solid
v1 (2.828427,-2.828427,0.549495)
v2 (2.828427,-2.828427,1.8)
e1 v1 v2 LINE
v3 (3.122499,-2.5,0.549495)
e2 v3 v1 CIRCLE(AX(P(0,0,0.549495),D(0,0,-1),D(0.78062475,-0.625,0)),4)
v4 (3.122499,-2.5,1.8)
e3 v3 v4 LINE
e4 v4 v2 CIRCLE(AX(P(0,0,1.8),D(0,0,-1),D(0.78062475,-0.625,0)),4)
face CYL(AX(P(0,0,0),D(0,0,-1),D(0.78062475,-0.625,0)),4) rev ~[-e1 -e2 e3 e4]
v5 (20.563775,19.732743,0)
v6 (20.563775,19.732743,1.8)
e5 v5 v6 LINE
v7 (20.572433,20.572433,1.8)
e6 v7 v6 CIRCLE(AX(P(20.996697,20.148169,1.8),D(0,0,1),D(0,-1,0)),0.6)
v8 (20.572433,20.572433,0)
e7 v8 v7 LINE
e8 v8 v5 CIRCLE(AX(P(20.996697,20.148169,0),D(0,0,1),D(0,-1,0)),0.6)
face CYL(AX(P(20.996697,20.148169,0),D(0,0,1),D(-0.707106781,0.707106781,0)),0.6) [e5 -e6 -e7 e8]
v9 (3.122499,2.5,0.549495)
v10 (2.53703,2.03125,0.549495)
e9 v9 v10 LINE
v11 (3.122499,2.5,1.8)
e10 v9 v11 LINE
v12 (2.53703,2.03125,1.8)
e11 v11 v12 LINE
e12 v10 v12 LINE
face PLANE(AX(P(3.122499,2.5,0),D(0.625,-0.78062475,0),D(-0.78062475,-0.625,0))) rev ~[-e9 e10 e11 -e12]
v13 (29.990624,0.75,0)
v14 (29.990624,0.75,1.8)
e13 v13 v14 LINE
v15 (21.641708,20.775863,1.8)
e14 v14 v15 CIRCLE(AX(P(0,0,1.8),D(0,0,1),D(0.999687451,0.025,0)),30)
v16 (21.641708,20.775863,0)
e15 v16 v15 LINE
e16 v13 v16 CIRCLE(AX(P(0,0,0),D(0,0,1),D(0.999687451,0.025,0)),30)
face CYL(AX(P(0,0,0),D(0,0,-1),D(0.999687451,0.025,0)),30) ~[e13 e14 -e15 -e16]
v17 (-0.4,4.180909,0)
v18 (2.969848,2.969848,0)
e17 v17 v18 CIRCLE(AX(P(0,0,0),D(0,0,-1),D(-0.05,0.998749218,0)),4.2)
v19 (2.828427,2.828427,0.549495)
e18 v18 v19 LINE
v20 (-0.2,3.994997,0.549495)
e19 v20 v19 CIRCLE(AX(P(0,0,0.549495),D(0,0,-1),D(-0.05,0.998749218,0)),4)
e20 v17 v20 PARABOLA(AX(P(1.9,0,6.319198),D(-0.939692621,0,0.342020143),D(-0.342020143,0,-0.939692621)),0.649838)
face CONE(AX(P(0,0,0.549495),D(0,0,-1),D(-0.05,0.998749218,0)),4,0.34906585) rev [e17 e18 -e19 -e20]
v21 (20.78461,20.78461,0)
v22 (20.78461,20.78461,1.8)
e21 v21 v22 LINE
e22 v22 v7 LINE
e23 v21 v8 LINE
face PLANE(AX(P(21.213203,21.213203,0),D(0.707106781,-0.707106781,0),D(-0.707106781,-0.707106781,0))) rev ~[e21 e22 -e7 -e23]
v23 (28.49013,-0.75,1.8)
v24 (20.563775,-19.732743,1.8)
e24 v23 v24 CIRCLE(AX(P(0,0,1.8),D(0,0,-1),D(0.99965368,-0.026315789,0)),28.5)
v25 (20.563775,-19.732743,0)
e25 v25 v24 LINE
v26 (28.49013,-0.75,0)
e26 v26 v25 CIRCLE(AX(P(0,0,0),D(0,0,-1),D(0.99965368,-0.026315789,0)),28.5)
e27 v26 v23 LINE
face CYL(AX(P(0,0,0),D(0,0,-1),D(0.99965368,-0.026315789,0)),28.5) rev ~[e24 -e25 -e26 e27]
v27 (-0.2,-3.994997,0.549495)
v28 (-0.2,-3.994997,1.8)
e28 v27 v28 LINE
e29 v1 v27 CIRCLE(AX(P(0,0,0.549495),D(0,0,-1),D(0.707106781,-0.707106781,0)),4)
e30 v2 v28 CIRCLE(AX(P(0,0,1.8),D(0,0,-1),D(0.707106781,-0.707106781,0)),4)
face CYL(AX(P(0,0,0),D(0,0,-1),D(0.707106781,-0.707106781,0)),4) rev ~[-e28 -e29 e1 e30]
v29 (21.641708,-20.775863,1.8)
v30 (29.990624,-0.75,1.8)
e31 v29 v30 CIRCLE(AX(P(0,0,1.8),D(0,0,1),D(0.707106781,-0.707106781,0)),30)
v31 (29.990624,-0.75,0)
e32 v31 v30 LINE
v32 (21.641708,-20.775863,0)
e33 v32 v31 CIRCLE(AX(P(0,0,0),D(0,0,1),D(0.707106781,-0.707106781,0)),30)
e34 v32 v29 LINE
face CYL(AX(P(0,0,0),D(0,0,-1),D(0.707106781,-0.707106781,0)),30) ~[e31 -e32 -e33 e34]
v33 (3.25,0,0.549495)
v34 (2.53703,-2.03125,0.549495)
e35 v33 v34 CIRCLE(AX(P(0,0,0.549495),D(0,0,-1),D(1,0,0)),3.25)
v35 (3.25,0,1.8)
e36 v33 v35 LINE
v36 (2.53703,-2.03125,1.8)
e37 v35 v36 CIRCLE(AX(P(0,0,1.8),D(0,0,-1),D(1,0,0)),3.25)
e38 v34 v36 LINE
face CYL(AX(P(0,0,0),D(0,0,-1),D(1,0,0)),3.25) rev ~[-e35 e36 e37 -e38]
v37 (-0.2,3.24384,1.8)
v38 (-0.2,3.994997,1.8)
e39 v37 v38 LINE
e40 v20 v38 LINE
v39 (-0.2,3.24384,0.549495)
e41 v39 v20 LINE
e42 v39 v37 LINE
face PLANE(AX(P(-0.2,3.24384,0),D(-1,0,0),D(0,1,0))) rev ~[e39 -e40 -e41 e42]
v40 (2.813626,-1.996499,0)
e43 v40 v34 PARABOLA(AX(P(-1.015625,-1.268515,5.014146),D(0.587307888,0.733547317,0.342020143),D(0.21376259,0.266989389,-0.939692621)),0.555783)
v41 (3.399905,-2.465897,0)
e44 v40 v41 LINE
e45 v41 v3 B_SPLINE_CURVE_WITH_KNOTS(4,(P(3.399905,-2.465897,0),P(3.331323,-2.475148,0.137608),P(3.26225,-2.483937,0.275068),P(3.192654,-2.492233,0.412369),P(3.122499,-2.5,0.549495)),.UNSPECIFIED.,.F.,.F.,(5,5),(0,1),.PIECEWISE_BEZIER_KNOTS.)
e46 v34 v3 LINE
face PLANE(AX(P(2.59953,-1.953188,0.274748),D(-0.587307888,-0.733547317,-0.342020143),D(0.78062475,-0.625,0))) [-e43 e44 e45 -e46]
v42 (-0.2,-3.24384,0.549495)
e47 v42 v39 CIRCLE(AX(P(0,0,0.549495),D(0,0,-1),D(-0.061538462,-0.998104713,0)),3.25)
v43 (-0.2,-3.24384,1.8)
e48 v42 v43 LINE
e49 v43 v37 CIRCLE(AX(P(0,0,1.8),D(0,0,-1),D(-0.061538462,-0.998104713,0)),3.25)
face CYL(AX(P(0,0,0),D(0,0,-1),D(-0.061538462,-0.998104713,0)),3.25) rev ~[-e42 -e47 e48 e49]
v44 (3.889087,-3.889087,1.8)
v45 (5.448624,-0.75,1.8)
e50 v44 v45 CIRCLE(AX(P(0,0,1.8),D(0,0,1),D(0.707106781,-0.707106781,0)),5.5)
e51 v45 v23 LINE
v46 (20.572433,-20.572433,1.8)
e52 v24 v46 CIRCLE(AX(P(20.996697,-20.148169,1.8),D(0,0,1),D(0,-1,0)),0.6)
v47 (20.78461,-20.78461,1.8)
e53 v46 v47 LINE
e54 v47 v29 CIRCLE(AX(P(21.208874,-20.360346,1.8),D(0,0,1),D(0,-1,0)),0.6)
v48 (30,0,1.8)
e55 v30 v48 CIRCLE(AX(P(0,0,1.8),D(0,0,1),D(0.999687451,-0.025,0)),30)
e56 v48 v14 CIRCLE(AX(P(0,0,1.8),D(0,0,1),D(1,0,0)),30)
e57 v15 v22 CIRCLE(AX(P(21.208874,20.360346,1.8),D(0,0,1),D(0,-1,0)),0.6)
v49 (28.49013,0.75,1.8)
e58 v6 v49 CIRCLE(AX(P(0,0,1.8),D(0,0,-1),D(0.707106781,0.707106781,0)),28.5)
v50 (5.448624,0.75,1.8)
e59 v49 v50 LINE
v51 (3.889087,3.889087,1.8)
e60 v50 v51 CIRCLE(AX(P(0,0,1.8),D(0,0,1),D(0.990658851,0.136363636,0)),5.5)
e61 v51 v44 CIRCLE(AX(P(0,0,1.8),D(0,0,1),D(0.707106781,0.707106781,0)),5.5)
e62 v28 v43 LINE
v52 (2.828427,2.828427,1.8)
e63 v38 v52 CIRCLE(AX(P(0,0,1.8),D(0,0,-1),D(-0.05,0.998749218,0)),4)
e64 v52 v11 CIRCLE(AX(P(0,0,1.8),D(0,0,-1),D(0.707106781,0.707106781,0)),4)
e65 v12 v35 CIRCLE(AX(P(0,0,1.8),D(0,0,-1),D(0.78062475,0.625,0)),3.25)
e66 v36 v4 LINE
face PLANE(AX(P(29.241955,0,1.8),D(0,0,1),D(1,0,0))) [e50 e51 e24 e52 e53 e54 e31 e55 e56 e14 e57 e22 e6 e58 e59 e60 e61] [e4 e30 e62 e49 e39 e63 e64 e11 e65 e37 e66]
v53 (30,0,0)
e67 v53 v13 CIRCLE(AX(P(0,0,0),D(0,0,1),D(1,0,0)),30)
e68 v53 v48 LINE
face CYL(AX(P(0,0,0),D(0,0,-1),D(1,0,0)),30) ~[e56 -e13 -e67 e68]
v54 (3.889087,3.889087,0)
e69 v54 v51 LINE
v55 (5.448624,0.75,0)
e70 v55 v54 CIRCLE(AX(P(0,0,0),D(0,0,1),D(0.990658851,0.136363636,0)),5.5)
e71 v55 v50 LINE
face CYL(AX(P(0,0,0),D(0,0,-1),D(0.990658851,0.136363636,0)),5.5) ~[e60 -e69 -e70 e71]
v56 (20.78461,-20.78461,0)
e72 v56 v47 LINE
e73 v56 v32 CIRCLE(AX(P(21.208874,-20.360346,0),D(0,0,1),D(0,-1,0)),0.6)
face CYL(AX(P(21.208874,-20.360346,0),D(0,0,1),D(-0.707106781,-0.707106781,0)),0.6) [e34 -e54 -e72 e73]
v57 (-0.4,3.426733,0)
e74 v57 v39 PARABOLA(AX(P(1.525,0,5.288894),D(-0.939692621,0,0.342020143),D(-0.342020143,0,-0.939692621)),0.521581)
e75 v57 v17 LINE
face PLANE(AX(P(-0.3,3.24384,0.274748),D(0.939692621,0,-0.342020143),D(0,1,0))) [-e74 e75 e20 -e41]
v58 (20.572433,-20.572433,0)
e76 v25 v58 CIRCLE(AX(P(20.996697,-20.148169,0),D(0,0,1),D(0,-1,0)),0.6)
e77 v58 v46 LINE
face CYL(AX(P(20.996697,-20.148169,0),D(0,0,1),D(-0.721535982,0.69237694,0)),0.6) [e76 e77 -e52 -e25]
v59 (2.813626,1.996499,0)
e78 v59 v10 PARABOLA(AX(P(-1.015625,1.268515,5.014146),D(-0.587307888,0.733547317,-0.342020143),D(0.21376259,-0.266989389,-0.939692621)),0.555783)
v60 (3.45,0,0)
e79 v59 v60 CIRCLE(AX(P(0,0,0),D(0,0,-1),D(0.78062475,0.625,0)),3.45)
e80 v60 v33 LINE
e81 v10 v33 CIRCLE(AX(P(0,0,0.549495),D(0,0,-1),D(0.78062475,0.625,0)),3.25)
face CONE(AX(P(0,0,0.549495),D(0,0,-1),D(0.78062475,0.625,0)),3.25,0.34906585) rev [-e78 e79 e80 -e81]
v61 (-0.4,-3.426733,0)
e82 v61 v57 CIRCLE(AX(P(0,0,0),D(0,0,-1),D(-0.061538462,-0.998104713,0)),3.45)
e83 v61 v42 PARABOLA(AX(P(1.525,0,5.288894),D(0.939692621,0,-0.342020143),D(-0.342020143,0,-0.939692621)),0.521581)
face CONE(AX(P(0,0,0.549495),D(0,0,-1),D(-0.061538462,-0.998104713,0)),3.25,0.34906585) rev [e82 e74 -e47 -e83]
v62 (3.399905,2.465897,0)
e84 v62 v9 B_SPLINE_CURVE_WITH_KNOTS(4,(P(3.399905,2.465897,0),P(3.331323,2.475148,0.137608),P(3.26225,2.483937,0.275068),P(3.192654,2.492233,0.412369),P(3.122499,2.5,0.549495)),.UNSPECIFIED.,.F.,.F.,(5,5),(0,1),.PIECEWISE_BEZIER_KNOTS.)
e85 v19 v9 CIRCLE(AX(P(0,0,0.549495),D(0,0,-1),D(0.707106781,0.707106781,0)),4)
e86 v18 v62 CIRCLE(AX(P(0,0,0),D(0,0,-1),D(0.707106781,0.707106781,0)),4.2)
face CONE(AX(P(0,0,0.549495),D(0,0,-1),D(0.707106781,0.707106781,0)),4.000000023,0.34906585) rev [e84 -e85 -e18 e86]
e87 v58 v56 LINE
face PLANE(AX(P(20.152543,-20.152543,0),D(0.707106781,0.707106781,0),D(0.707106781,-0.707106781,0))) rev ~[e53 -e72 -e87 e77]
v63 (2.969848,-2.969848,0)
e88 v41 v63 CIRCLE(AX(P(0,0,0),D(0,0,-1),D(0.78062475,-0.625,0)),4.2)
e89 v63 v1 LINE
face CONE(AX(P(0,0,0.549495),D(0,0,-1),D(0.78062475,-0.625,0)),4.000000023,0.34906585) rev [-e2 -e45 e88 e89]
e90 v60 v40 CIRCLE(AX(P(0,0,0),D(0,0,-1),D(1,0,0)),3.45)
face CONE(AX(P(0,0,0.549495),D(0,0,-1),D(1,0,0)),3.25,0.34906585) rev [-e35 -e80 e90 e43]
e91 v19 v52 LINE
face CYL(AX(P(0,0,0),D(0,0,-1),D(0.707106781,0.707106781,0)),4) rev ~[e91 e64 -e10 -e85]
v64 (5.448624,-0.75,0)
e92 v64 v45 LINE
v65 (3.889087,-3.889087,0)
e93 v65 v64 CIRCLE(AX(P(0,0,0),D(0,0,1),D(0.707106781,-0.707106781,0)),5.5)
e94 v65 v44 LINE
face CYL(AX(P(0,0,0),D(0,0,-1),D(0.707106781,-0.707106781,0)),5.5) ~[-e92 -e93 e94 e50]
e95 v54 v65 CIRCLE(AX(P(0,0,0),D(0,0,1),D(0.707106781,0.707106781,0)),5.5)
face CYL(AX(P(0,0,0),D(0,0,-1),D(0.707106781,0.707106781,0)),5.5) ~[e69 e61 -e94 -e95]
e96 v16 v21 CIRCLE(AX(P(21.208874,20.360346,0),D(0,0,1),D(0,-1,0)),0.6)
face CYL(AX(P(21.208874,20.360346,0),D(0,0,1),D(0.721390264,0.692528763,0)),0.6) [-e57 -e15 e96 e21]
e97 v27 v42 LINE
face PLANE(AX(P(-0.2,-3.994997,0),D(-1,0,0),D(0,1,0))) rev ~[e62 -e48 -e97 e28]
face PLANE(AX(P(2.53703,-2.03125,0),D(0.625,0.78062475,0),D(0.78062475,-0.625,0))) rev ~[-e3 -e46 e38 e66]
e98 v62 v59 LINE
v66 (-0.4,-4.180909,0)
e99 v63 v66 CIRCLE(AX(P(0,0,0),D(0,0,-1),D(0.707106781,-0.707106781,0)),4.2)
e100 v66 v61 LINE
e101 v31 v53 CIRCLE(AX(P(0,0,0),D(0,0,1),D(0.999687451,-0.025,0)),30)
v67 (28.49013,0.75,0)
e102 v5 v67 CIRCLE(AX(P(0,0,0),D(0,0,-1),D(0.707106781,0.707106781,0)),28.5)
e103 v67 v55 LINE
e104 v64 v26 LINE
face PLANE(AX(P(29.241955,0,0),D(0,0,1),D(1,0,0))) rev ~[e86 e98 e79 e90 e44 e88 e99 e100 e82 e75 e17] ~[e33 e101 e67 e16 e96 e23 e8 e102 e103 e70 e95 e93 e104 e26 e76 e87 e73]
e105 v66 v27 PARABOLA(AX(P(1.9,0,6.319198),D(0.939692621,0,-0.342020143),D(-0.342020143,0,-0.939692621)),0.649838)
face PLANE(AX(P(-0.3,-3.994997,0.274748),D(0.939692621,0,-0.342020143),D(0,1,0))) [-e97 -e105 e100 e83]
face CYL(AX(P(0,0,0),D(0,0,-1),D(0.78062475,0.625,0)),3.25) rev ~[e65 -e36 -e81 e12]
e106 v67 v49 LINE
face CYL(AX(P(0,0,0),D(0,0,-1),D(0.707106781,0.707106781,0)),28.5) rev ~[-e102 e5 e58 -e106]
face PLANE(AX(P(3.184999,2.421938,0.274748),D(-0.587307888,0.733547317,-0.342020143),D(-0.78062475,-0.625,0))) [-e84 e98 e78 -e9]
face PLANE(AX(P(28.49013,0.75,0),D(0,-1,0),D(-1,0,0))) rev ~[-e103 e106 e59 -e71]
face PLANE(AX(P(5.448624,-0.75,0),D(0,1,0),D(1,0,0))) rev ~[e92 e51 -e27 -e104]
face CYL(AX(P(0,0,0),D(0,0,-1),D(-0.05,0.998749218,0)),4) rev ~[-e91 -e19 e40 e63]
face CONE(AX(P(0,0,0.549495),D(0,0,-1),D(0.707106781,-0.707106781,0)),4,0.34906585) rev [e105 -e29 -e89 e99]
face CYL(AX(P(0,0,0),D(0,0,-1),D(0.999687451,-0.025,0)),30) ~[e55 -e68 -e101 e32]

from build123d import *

# Parameters (mm, degrees)
F1_DEPTH = 1.8
F2_R     = 0.6
F3_SIZE2 = 0.5494954839
F3_SIZE  = 0.2


with BuildPart() as f1:
    # F0 (on Top) → F1 (new body)
    with BuildSketch(Plane.XY):
        with BuildLine():
            Line((29.9906235347, 0.75), (28.4901298698, 0.75))
            ThreePointArc((28.4901298698, 0.75), (28.4975323606, 0.3750324718), (28.5, 0))
            ThreePointArc((28.5, 0), (28.4975323606, -0.3750324718), (28.4901298698, -0.75))
            Line((28.4901298698, -0.75), (29.9906235347, -0.75))
            Line((29.9906235347, -0.75), (29.9906235347, 0.75))
        make_face()
        with BuildLine():
            Line((21.2132034356, 21.2132034356), (20.1525432638, 20.1525432638))
            ThreePointArc((20.1525432638, 20.1525432638), (26.1847681615, 11.2520183224), (28.4901298698, 0.75))
            Line((28.4901298698, 0.75), (29.9906235347, 0.75))
            ThreePointArc((29.9906235347, 0.75), (27.570702708, 11.8260877803), (21.2132034356, 21.2132034356))
        make_face()
        with BuildLine():
            Line((28.4901298698, 0.75), (5.4486236794, 0.75))
            ThreePointArc((5.4486236794, 0.75), (5.4871408874, 0.3758788124), (5.5, 0))
            ThreePointArc((5.5, 0), (5.4871408874, -0.3758788124), (5.4486236794, -0.75))
            Line((5.4486236794, -0.75), (28.4901298698, -0.75))
            ThreePointArc((28.4901298698, -0.75), (28.4975323606, -0.3750324718), (28.5, 0))
            ThreePointArc((28.5, 0), (28.4975323606, 0.3750324718), (28.4901298698, 0.75))
        make_face()
        with BuildLine():
            ThreePointArc((28.4901298698, -0.75), (26.1847681615, -11.2520183224), (20.1525432638, -20.1525432638))
            Line((20.1525432638, -20.1525432638), (21.2132034356, -21.2132034356))
            ThreePointArc((21.2132034356, -21.2132034356), (27.570702708, -11.8260877803), (29.9906235347, -0.75))
            Line((29.9906235347, -0.75), (28.4901298698, -0.75))
        make_face()
        with BuildLine():
            ThreePointArc((3.1224989992, 2.5), (3.7742546282, 1.3247648854), (4, 0))
            ThreePointArc((4, 0), (3.7742546282, -1.3247648854), (3.1224989992, -2.5))
            ThreePointArc((3.1224989992, -2.5), (2.979991028, -2.6682678787), (2.8284271247, -2.8284271247))
            Line((2.8284271247, -2.8284271247), (3.8890872965, -3.8890872965))
            ThreePointArc((3.8890872965, -3.8890872965), (4.9256145638, -2.4471046501), (5.4486236794, -0.75))
            Line((5.4486236794, -0.75), (5.4486236794, 0.75))
            ThreePointArc((5.4486236794, 0.75), (4.9256145638, 2.4471046501), (3.8890872965, 3.8890872965))
            Line((3.8890872965, 3.8890872965), (2.8284271247, 2.8284271247))
            ThreePointArc((2.8284271247, 2.8284271247), (2.979991028, 2.6682678787), (3.1224989992, 2.5))
        make_face()
        with BuildLine():
            ThreePointArc((3.1224989992, -2.5), (3.7742546282, -1.3247648854), (4, 0))
            ThreePointArc((4, 0), (3.7742546282, 1.3247648854), (3.1224989992, 2.5))
            Line((3.1224989992, 2.5), (2.5370304368, 2.03125))
            ThreePointArc((2.5370304368, 2.03125), (3.0665818854, 1.0763714694), (3.25, 0))
            ThreePointArc((3.25, 0), (3.0665818854, -1.0763714694), (2.5370304368, -2.03125))
            Line((2.5370304368, -2.03125), (3.1224989992, -2.5))
        make_face()
        with BuildLine():
            Line((-0.2, 3.2438403167), (-0.2, 3.9949968711))
            ThreePointArc((-0.2, 3.9949968711), (-4, 0), (-0.2, -3.9949968711))
            Line((-0.2, -3.9949968711), (-0.2, -3.2438403167))
            ThreePointArc((-0.2, -3.2438403167), (-3.25, 0), (-0.2, 3.2438403167))
        make_face()
        with BuildLine():
            ThreePointArc((-0.2, 3.9949968711), (1.4378381449, 3.7326426924), (2.8284271247, 2.8284271247))
            Line((2.8284271247, 2.8284271247), (3.8890872965, 3.8890872965))
            ThreePointArc((3.8890872965, 3.8890872965), (-5.5, 0), (3.8890872965, -3.8890872965))
            Line((3.8890872965, -3.8890872965), (2.8284271247, -2.8284271247))
            ThreePointArc((2.8284271247, -2.8284271247), (1.4378381449, -3.7326426924), (-0.2, -3.9949968711))
            ThreePointArc((-0.2, -3.9949968711), (-4, 0), (-0.2, 3.9949968711))
        make_face()
        with BuildLine():
            ThreePointArc((5.5, 0), (5.4871408874, 0.3758788124), (5.4486236794, 0.75))
            Line((5.4486236794, 0.75), (5.4486236794, -0.75))
            ThreePointArc((5.4486236794, -0.75), (5.4871408874, -0.3758788124), (5.5, 0))
        make_face()
        with BuildLine():
            ThreePointArc((30, 0), (29.9976557921, 0.3750293049), (29.9906235347, 0.75))
            Line((29.9906235347, 0.75), (29.9906235347, -0.75))
            ThreePointArc((29.9906235347, -0.75), (29.9976557921, -0.3750293049), (30, 0))
        make_face()
    extrude(amount=F1_DEPTH)

    # F2
    f2_edges = [f1.edges().sort_by_distance(p)[0] for p in [
        (21.213203, -21.213203, 0.9),
        (20.152543, -20.152543, 0.9),
        (21.213203, 21.213203, 0.9),
        (20.152543, 20.152543, 0.9),
    ]]
    fillet(f2_edges, radius=F2_R)

    # F3
    f3_edges = [f1.edges().sort_by_distance(p)[0] for p in [
        (-3.25, 0, 0),
        (-0.2, 3.619419, 0),
        (1.641342, 3.647738, 0),
        (3.25, 0, 0),
        (2.829765, 2.265625, 0),
        (2.829765, -2.265625, 0),
        (1.641342, -3.647738, 0),
        (-0.2, -3.619419, 0),
    ]]
    f3_side = f1.faces().sort_by_distance((14.942774, 0, 0))[0]
    chamfer(f3_edges, length=F3_SIZE, length2=F3_SIZE2, reference=f3_side)


solid = f1.part
